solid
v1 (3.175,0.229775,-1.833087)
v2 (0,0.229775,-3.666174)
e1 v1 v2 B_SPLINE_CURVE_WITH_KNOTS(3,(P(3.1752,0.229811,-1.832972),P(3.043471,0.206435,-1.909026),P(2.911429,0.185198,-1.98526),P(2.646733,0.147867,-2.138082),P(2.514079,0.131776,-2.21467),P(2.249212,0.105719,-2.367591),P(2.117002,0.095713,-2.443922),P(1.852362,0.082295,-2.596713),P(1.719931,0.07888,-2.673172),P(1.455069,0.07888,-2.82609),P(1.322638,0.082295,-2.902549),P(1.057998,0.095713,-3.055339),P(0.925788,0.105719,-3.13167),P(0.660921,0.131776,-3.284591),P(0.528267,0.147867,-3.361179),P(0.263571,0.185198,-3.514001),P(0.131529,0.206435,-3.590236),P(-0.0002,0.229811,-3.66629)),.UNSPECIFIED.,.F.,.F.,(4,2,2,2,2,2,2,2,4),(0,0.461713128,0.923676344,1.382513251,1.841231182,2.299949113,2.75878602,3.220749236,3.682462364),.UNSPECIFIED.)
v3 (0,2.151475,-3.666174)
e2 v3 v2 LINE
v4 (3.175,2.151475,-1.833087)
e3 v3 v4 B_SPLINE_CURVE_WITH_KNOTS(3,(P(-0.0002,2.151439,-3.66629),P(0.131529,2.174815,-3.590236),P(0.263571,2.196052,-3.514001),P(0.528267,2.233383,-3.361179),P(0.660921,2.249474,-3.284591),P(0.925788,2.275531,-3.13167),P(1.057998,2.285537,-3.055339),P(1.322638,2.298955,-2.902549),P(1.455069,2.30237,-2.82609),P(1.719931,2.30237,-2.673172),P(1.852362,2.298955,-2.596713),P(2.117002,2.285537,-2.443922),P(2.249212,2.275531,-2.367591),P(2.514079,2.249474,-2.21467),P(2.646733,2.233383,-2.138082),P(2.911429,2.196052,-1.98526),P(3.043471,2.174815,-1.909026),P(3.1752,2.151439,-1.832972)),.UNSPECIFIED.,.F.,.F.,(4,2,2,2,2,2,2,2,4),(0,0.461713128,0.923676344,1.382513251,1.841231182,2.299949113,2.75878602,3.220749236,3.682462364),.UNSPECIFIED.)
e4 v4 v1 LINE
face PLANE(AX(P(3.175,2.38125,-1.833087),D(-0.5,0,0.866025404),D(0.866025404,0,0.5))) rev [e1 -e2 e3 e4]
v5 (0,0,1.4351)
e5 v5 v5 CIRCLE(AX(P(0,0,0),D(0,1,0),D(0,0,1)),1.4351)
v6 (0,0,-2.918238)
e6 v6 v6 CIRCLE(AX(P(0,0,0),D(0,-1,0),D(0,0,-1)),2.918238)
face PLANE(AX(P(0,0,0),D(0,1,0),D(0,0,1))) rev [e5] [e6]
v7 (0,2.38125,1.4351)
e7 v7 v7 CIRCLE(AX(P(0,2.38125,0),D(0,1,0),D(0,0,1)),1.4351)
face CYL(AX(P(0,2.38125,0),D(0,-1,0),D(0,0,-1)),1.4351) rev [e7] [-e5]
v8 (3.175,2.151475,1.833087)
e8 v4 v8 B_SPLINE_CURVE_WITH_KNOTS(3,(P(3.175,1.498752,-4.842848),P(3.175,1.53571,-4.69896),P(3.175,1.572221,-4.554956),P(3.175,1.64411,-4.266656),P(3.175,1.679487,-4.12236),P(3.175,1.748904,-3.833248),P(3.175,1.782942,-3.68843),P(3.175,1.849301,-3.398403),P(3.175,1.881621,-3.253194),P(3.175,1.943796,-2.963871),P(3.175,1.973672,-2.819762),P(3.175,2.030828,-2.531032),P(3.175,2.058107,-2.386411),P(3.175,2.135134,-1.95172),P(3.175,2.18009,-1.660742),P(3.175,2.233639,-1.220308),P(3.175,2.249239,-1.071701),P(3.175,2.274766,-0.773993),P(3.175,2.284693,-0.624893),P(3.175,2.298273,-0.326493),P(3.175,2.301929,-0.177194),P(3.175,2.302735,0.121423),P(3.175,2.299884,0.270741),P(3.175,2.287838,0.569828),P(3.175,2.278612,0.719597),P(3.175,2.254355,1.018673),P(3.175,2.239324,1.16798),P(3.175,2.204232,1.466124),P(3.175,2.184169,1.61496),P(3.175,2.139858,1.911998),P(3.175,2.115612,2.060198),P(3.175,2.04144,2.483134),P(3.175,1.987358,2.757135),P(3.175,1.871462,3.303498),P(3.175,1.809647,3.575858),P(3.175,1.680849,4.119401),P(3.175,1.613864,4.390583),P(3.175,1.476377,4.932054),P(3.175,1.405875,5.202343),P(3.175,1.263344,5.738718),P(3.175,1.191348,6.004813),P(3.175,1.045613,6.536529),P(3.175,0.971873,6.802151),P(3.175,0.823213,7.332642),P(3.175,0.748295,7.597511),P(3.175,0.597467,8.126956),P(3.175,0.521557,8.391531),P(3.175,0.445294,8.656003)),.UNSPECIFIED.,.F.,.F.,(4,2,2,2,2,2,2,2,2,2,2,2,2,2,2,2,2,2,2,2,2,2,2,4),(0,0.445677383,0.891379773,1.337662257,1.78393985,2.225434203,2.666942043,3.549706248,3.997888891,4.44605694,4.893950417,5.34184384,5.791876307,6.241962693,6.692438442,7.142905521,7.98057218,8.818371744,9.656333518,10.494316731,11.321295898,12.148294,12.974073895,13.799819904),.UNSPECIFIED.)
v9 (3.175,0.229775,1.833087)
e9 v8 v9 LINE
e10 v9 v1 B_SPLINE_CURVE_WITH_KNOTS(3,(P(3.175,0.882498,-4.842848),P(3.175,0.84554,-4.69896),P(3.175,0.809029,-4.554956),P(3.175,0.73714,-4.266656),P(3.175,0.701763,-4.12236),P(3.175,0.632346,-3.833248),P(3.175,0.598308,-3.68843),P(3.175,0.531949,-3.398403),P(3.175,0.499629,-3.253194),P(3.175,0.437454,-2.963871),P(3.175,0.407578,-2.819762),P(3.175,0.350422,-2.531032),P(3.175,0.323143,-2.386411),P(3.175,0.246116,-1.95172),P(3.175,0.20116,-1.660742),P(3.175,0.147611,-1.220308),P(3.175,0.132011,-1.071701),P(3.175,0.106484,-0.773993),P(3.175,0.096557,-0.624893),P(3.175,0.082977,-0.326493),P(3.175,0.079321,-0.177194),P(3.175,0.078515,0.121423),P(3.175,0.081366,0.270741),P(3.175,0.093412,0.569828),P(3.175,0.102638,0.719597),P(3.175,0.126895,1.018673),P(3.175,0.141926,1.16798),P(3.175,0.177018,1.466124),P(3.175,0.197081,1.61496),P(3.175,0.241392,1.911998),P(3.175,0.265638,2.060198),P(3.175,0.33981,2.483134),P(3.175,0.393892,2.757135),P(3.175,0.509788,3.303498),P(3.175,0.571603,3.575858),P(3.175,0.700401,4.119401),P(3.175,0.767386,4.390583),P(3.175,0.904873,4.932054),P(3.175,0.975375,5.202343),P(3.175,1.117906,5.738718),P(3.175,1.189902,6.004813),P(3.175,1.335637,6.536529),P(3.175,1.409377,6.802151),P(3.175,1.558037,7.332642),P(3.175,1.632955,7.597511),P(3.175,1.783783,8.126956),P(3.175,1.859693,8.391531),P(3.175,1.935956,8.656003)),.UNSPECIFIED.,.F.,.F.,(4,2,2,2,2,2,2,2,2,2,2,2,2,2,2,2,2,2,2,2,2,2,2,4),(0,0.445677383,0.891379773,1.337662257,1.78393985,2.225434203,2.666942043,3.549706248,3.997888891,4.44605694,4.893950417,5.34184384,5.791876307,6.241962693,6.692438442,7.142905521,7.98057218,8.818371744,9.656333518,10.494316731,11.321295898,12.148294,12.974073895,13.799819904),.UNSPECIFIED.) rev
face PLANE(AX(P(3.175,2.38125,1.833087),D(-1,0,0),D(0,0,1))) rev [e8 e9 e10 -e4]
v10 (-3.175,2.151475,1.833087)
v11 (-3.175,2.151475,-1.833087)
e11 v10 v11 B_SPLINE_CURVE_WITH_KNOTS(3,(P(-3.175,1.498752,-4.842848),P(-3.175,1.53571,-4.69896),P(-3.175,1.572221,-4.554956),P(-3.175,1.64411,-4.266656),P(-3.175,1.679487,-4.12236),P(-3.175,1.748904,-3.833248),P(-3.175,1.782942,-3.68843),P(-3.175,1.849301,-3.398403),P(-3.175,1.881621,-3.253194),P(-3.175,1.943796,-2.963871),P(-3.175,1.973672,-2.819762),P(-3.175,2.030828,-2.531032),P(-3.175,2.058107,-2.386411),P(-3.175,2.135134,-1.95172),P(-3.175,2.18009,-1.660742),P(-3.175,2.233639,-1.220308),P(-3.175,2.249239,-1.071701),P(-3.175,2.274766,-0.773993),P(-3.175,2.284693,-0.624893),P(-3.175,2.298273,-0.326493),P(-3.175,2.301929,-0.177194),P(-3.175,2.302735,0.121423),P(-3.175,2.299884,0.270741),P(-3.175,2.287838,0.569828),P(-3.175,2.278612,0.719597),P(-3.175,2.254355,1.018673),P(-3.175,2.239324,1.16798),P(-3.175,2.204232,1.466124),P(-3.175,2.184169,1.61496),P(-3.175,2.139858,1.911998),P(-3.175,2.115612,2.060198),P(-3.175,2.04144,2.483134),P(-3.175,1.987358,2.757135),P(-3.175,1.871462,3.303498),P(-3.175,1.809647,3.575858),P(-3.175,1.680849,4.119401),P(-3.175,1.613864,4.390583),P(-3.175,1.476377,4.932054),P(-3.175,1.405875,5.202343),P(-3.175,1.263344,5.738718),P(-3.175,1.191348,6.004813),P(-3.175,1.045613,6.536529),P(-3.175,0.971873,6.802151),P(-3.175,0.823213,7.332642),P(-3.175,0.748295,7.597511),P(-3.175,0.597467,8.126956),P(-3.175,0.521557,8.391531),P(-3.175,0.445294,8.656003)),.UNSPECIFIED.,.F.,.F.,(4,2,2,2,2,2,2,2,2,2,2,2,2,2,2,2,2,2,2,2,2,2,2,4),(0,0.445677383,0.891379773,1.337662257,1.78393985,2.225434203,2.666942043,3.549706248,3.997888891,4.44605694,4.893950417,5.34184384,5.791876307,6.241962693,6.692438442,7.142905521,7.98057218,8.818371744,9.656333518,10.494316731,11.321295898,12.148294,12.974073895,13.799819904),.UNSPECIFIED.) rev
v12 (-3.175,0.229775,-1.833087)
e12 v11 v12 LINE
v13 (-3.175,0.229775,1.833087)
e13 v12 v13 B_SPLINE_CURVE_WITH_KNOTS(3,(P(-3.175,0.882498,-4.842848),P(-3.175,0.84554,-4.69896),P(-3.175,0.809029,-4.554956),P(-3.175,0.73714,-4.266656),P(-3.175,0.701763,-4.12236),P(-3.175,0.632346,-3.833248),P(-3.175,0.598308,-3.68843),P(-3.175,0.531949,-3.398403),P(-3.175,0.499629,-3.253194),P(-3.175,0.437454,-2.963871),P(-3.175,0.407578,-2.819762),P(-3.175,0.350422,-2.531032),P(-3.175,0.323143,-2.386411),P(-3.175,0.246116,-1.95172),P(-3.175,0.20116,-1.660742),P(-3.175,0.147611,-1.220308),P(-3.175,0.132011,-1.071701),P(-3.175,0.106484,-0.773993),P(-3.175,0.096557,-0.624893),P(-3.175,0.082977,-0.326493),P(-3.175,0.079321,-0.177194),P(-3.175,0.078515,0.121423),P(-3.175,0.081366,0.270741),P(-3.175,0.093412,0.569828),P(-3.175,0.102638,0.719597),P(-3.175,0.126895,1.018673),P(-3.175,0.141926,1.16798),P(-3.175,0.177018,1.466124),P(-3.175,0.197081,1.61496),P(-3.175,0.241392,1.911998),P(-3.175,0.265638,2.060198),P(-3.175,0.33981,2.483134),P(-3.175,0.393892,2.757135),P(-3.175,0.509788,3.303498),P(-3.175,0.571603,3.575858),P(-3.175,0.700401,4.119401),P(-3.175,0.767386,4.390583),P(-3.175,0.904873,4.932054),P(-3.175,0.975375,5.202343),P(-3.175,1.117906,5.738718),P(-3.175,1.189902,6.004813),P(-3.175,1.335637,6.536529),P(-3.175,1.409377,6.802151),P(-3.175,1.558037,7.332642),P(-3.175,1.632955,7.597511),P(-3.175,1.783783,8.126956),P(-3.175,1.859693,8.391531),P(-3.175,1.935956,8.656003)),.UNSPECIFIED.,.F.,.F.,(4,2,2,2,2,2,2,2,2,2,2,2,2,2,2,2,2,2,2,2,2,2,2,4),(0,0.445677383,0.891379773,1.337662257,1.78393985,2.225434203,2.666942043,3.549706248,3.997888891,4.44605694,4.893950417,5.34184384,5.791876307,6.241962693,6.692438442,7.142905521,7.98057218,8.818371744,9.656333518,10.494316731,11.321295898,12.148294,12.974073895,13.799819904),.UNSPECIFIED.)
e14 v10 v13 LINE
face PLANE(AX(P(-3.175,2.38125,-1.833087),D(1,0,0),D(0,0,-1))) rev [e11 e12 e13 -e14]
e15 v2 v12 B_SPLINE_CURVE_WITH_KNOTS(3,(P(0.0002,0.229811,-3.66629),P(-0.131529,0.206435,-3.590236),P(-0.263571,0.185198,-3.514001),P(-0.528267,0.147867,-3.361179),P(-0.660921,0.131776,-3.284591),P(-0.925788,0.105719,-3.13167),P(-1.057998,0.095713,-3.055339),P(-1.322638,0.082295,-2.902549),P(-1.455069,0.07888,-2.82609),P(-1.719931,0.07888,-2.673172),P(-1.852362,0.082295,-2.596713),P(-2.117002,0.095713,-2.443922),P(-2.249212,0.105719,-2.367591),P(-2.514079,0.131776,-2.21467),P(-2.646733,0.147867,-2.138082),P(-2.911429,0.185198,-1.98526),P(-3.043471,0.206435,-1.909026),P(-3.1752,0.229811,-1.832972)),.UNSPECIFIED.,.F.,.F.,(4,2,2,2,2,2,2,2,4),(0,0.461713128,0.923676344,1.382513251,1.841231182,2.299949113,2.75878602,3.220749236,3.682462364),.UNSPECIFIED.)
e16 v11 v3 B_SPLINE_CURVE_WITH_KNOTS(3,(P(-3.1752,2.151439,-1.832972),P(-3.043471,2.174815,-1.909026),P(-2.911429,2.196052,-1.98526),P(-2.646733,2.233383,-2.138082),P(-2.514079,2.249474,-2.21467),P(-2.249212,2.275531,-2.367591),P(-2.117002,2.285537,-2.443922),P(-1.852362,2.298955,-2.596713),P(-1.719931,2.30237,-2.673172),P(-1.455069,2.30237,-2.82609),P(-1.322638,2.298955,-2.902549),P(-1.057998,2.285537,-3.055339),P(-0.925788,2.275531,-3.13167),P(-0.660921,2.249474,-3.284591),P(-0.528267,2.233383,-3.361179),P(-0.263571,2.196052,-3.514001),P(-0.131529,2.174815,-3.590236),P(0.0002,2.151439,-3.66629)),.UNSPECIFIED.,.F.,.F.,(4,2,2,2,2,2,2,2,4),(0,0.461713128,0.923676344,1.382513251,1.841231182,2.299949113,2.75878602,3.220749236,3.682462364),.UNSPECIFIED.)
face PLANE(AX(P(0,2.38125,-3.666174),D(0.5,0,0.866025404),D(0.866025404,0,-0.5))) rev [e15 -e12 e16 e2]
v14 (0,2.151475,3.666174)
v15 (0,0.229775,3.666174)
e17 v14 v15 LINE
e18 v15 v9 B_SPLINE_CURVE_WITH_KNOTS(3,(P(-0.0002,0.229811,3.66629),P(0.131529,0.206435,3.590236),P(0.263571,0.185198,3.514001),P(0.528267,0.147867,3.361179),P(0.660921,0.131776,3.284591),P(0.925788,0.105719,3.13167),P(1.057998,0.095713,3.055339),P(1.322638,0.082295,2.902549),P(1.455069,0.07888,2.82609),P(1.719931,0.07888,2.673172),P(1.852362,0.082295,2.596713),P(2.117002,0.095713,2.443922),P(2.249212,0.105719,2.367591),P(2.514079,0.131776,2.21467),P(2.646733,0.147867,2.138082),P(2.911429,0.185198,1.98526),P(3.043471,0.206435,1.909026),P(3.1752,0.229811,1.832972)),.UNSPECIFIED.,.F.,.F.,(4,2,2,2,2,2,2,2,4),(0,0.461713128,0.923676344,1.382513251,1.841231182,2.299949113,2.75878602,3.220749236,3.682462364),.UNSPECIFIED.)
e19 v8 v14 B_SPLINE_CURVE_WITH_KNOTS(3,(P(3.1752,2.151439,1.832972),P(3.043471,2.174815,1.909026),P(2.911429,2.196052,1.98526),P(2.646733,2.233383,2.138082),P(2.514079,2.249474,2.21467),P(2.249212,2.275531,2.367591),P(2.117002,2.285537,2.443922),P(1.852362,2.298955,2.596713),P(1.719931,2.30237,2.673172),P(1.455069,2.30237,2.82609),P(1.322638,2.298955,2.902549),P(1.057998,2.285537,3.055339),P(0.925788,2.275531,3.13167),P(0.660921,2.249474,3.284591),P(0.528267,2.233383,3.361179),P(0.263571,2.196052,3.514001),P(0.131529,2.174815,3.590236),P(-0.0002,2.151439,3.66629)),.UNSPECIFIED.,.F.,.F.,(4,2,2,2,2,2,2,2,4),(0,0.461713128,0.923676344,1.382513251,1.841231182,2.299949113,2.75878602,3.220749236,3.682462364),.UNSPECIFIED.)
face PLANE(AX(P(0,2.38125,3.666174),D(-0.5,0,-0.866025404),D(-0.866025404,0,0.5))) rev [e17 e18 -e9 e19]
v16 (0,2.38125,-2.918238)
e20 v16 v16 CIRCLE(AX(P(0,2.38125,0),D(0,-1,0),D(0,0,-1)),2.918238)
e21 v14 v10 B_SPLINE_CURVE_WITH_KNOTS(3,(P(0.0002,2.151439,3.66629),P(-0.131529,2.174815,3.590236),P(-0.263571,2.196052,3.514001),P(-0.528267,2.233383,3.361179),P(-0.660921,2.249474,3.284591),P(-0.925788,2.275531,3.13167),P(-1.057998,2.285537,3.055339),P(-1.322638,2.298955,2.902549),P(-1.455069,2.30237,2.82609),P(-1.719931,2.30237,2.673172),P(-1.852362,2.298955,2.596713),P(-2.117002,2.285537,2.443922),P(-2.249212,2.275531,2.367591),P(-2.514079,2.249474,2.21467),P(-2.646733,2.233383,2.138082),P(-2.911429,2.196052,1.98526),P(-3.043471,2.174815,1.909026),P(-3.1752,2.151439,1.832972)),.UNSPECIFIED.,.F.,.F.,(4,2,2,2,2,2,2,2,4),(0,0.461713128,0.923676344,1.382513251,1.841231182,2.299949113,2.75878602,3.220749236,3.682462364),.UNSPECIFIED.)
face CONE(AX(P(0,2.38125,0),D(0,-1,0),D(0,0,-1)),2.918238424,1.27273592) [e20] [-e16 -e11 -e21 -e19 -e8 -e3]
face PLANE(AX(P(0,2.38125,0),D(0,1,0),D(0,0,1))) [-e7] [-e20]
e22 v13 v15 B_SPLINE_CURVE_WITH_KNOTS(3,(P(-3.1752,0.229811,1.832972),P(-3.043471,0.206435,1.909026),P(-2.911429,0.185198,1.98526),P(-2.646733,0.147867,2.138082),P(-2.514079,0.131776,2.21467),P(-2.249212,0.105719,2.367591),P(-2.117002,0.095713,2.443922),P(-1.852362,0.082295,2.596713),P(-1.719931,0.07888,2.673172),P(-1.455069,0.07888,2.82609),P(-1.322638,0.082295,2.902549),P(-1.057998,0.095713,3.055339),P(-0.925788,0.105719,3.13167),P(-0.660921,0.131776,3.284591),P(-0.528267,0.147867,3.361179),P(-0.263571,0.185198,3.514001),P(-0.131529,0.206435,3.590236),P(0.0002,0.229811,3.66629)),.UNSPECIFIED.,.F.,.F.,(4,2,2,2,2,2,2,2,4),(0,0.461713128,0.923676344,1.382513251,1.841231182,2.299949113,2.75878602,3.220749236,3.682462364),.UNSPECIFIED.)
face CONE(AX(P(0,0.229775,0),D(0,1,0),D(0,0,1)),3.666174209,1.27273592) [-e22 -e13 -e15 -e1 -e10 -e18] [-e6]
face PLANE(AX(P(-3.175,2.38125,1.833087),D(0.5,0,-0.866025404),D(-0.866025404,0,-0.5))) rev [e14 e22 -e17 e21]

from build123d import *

# Parameters (mm, degrees)
SKETCH1_R           = 1.4351
BOSS_EXTRUDE1_DEPTH = 2.38125


with BuildPart() as part:
    # Sketch1 → Boss-Extrude1 (new body)
    with BuildSketch(Plane(origin=(0, 0, 0), x_dir=(1, 0, 0), z_dir=(0, 1, 0))):
        Polygon((0, -3.666174209), (3.175, -1.833087105), (3.175, 1.833087105), (0, 3.666174209), (-3.175, 1.833087105), (-3.175, -1.833087105), align=None)
        Circle(SKETCH1_R, mode=Mode.SUBTRACT)
    extrude(amount=BOSS_EXTRUDE1_DEPTH)

    # Sketch2 → Cut-Revolve1 (revolve, cut)
    with BuildSketch(Plane(origin=(0, 0, 0), x_dir=(0, 0, -1), z_dir=(1, 0, 0))):
        Polygon((2.918238424, 2.38125), (3.666174209, 2.151474904), (3.666174209, 2.38125), align=None)
        Polygon((2.918238424, 0), (3.666174209, 0), (3.666174209, 0.229775096), align=None)
    revolve(axis=Axis((0, 0, 0), (0, 1, 0)), mode=Mode.SUBTRACT)


solid = part.part
